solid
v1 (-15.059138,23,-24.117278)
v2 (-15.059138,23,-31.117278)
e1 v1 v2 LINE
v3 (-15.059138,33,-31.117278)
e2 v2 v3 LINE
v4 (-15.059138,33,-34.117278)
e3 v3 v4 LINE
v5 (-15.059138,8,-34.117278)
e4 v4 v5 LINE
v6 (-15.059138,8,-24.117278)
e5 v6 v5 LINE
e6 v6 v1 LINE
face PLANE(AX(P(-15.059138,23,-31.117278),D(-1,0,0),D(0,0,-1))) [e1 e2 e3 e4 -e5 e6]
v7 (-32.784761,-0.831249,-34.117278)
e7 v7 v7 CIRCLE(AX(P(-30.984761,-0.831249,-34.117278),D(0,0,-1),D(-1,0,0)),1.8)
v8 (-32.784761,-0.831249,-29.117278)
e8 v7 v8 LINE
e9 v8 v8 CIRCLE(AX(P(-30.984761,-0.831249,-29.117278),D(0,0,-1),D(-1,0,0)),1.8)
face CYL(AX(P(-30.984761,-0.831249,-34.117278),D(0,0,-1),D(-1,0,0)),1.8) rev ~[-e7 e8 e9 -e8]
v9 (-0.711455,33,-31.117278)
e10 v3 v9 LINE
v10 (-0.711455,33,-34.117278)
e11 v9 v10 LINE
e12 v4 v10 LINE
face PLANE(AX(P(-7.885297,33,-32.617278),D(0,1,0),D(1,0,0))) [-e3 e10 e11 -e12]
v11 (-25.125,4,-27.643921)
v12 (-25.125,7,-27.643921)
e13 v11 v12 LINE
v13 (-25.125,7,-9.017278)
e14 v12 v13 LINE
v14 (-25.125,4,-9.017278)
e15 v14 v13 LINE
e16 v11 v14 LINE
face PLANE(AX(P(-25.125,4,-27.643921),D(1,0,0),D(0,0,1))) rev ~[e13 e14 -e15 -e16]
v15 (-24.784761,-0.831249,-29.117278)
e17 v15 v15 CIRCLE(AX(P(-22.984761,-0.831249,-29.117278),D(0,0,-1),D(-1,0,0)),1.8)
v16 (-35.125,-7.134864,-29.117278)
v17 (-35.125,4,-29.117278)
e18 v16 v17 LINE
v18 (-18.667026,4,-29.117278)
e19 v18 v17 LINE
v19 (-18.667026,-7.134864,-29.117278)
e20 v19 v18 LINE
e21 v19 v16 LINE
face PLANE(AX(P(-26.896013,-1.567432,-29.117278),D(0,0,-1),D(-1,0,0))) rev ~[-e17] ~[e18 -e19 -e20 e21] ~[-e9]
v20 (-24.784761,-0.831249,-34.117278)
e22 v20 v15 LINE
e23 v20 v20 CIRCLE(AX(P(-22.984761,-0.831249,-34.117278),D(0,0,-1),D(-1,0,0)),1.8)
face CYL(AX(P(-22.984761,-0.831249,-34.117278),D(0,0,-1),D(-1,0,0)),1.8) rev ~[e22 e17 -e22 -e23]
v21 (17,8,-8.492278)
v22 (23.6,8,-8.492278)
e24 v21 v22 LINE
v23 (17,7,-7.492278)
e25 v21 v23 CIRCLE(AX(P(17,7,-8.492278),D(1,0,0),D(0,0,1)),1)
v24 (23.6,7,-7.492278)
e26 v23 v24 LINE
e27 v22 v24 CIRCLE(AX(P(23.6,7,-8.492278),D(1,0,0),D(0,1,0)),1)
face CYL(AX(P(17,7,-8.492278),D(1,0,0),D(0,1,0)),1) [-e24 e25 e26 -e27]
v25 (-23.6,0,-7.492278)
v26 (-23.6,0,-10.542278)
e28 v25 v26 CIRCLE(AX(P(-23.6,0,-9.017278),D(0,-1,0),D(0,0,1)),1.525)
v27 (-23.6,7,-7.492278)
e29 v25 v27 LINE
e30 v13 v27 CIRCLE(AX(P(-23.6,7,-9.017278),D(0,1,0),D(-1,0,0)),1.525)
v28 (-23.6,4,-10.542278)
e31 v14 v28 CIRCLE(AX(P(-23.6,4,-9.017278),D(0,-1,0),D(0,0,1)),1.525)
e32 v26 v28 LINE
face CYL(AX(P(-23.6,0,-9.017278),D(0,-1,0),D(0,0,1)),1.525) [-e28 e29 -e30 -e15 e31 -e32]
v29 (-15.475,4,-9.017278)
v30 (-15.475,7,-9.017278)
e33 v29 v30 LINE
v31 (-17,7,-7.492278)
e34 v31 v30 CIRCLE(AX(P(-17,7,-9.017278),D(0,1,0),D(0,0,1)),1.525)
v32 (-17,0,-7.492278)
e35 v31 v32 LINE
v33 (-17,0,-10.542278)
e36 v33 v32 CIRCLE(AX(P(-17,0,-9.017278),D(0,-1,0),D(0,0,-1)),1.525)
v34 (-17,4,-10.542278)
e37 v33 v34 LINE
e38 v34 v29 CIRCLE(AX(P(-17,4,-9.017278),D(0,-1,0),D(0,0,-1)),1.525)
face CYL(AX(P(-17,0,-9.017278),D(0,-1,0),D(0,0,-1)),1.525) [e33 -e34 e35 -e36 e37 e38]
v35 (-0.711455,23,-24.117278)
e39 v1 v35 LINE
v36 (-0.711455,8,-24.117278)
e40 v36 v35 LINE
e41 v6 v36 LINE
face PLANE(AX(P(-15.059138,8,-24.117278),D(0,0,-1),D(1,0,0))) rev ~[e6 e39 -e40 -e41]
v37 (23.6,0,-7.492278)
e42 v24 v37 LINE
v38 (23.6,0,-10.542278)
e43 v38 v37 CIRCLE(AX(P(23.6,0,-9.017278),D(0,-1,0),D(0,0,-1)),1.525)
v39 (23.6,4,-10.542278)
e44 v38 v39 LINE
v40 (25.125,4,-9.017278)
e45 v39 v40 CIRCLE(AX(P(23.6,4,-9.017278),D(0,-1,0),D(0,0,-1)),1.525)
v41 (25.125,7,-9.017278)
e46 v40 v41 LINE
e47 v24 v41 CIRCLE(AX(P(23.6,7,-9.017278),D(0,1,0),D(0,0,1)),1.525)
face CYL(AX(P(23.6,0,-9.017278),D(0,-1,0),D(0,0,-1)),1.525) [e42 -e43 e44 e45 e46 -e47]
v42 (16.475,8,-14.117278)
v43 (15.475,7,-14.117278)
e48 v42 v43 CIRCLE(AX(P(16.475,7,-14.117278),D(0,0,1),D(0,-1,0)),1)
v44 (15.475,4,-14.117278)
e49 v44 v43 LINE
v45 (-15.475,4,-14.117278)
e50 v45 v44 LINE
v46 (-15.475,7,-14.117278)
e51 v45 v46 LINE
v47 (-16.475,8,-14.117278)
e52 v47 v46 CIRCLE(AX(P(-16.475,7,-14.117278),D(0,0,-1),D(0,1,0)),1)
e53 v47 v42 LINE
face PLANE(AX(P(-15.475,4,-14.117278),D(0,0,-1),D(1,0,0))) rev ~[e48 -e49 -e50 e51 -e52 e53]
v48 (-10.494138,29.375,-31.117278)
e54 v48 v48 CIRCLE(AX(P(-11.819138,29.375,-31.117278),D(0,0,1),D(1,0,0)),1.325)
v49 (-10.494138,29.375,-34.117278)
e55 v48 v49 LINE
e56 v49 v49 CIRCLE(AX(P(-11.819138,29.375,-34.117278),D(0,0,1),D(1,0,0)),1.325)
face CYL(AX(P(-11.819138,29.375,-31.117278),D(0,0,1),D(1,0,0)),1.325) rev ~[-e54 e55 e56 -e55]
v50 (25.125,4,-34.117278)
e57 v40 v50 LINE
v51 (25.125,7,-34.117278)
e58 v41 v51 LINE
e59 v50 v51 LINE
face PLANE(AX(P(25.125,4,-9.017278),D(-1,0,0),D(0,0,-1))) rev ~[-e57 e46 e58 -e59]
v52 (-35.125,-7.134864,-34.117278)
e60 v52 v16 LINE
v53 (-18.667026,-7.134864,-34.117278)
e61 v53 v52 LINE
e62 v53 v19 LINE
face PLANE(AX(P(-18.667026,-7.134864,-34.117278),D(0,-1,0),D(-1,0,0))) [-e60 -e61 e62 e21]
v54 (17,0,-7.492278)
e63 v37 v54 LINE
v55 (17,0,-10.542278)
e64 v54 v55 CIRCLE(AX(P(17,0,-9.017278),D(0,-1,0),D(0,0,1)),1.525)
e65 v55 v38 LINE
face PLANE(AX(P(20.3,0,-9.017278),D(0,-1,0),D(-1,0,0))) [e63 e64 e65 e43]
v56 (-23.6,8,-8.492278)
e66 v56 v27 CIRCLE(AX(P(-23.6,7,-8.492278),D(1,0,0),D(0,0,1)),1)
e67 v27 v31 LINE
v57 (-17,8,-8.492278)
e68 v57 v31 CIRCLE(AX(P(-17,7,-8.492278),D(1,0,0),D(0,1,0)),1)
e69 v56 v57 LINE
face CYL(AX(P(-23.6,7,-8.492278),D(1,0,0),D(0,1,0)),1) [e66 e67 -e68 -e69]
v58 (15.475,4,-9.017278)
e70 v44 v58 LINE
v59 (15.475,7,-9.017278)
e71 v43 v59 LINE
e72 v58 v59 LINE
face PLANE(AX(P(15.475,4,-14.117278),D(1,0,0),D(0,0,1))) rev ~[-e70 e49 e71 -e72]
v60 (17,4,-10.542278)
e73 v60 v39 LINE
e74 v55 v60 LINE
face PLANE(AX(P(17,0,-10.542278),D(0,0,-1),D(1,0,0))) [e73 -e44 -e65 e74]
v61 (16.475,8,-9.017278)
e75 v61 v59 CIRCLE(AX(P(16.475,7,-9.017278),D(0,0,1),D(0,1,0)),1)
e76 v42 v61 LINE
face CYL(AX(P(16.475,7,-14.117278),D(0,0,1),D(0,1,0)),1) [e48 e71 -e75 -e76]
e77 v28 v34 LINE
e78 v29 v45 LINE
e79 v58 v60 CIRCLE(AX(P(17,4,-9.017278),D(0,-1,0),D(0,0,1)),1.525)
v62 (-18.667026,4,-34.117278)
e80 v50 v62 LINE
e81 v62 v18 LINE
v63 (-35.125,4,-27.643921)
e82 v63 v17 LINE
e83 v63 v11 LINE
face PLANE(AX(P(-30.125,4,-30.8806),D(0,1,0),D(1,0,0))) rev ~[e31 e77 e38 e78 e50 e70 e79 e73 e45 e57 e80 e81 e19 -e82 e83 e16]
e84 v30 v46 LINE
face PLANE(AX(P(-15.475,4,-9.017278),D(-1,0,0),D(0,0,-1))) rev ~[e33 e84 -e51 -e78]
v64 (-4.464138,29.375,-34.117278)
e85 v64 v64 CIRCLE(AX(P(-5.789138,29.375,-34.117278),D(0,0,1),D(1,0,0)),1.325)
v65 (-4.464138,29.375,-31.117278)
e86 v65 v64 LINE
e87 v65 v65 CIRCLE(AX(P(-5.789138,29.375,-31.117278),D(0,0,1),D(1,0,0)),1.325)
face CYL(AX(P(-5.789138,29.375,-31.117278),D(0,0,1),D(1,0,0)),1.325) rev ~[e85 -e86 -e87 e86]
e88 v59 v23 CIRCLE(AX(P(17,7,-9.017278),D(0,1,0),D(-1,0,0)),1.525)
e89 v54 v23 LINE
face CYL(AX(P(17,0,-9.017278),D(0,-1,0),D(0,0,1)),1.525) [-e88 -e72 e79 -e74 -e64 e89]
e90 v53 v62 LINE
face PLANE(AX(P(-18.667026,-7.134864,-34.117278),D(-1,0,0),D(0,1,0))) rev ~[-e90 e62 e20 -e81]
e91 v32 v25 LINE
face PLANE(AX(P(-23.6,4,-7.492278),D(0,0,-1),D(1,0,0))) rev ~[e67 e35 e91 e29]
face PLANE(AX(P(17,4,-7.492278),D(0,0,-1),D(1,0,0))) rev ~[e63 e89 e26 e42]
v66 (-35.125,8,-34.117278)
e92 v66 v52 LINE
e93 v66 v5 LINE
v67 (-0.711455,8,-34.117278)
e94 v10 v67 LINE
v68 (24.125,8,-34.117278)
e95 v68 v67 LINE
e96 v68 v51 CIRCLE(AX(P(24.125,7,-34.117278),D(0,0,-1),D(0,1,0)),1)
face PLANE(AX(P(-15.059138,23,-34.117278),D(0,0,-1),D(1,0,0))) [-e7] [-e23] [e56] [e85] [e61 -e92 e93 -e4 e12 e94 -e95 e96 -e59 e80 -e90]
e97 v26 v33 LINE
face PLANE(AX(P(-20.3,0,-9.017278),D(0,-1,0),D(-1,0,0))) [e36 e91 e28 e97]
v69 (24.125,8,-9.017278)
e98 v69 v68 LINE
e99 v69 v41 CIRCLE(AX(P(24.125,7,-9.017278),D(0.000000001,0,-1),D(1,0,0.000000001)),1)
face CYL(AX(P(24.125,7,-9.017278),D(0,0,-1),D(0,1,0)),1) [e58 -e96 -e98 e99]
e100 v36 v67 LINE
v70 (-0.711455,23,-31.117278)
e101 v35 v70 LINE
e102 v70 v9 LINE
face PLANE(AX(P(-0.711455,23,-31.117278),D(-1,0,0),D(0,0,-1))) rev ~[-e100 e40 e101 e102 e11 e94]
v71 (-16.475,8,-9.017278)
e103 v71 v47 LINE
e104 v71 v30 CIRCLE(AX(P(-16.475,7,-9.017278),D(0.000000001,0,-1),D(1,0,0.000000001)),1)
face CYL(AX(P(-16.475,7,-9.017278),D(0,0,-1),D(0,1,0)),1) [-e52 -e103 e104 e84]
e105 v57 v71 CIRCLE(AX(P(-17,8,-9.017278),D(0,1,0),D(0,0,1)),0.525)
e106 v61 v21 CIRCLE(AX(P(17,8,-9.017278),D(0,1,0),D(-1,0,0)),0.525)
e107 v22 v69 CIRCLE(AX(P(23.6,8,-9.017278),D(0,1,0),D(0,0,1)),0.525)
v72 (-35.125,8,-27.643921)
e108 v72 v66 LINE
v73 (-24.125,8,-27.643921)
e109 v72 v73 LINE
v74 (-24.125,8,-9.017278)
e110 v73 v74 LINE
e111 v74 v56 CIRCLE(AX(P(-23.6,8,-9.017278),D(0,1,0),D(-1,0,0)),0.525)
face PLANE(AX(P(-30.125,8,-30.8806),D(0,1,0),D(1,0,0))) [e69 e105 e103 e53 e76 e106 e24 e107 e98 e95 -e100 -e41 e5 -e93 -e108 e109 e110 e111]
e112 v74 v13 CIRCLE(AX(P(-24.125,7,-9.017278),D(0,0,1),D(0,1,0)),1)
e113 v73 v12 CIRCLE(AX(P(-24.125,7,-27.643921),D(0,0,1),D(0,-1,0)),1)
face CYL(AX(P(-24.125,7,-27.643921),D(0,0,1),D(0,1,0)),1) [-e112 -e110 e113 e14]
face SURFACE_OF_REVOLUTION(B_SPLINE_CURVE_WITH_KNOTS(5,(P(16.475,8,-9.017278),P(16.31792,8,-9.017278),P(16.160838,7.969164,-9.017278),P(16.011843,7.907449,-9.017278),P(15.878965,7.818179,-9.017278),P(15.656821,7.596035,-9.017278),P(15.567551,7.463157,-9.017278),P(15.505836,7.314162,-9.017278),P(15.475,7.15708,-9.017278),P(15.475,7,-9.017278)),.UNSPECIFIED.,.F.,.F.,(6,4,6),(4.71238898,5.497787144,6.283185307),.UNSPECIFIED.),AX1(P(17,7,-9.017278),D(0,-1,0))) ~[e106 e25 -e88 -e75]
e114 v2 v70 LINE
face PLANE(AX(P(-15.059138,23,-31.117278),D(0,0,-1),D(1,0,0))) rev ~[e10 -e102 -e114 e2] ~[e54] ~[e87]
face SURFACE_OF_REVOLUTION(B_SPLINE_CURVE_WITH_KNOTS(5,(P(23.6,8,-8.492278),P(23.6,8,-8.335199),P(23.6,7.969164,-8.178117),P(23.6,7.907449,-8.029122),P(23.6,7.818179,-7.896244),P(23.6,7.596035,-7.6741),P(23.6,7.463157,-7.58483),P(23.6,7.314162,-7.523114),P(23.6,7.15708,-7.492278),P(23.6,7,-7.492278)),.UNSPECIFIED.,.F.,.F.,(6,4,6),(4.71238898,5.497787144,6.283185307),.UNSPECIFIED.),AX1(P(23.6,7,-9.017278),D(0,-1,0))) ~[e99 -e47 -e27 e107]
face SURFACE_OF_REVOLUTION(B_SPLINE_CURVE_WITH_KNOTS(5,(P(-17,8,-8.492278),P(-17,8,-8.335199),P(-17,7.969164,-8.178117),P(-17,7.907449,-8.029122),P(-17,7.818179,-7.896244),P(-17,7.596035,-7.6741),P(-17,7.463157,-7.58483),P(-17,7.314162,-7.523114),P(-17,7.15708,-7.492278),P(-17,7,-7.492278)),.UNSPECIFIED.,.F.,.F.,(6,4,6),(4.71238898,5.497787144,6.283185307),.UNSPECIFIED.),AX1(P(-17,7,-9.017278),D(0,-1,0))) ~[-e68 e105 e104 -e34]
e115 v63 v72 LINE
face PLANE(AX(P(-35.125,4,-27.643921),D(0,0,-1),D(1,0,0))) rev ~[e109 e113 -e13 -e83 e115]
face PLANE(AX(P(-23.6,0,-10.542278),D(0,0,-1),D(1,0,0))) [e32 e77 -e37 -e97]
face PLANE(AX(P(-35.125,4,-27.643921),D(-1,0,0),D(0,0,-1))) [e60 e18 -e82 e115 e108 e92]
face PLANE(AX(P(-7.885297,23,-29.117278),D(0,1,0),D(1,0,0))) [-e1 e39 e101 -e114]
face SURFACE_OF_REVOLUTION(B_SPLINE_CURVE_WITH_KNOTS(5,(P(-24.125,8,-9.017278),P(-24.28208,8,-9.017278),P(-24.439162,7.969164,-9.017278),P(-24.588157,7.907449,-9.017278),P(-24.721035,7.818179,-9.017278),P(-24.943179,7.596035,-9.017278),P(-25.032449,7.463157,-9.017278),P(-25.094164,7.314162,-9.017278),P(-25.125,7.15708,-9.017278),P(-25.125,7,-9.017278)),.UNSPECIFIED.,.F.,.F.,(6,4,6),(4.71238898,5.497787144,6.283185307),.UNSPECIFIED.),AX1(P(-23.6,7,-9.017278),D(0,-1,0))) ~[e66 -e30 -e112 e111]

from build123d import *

# Parameters (mm, degrees)
BOSS_EXTRUDE1_DEPTH   = 4
BOSS_EXTRUDE1_2_DEPTH = 4
SKETCH3_W             = 10
SKETCH3_H             = 6.473357475
SKETCH3_W_2           = 50.25
BOSS_EXTRUDE3_DEPTH   = 4
FILLET2_R             = 1
SKETCH4_W             = 14.347682942
SKETCH4_H             = 10
BOSS_EXTRUDE4_DEPTH   = 15
SKETCH6_W             = 14.347682942
SKETCH6_H             = 3
BOSS_EXTRUDE6_DEPTH   = 10
CUT_EXTRUDE1_REACH    = 55.674
SKETCH7_R             = 1.325
SKETCH8_W             = 16.45797352
SKETCH8_H             = 4
SKETCH8_H_2           = 11.134864375
SKETCH8_R             = 1.8
BOSS_EXTRUDE7_DEPTH   = 5


with BuildPart() as part:
    # Sketch1 → Boss-Extrude1 (new body)
    with BuildSketch(Plane(origin=(0, 0, 0), x_dir=(1, 0, 0), z_dir=(0, 1, 0))):
        with BuildLine():
            Line((-23.6, 10.542278437), (-17, 10.542278437))
            ThreePointArc((-17, 10.542278437), (-15.475, 9.017278437), (-17, 7.492278437))
            Line((-17, 7.492278437), (-23.6, 7.492278437))
            ThreePointArc((-23.6, 7.492278437), (-25.125, 9.017278437), (-23.6, 10.542278437))
        make_face()
    extrude(amount=BOSS_EXTRUDE1_DEPTH)



with BuildPart() as body_2:
    # Sketch1 → Boss-Extrude1 2 (new body)
    with BuildSketch(Plane(origin=(0, 0, 0), x_dir=(1, 0, 0), z_dir=(0, 1, 0))):
        with BuildLine():
            Line((23.6, 7.492278437), (17, 7.492278437))
            ThreePointArc((17, 7.492278437), (15.475, 9.017278437), (17, 10.542278437))
            Line((17, 10.542278437), (23.6, 10.542278437))
            ThreePointArc((23.6, 10.542278437), (25.125, 9.017278437), (23.6, 7.492278437))
        make_face()
    extrude(amount=BOSS_EXTRUDE1_2_DEPTH)


with BuildPart() as part_1:
    add(part.part)

    add(body_2.part)  # Boss-Extrude3 merges body 2
    # Sketch3 → Boss-Extrude3 (add)
    with BuildSketch(Plane(origin=(0, 4, 0), x_dir=(1, 0, 0), z_dir=(0, 1, 0))):
        with Locations((-30.125, 30.8805997)):
            Rectangle(SKETCH3_W, SKETCH3_H)
        with Locations((0, 30.8805997)):
            Rectangle(SKETCH3_W_2, SKETCH3_H)
        with BuildLine():
            Line((25.125, 27.643920962), (-25.125, 27.643920962))
            Line((-25.125, 27.643920962), (-25.125, 18.723444743))
            Line((-25.125, 18.723444743), (-25.125, 9.017278437))
            ThreePointArc((-25.125, 9.017278437), (-24.678337841, 7.938940596), (-23.6, 7.492278437))
            Line((-23.6, 7.492278437), (-17, 7.492278437))
            ThreePointArc((-17, 7.492278437), (-15.921662159, 7.938940596), (-15.475, 9.017278437))
            Line((-15.475, 9.017278437), (-15.475, 14.117278437))
            Line((-15.475, 14.117278437), (15.475, 14.117278437))
            Line((15.475, 14.117278437), (15.475, 9.017278437))
            ThreePointArc((15.475, 9.017278437), (15.921662159, 7.938940596), (17, 7.492278437))
            Line((17, 7.492278437), (23.6, 7.492278437))
            ThreePointArc((23.6, 7.492278437), (24.678337841, 7.938940596), (25.125, 9.017278437))
            Line((25.125, 9.017278437), (25.125, 18.723444743))
            Line((25.125, 18.723444743), (25.125, 27.643920962))
        make_face()
    extrude(amount=BOSS_EXTRUDE3_DEPTH)

    # Fillet2
    fillet2_edges = [part_1.edges().sort_by_distance(p)[0] for p in [
        (-25.125, 8, -18.3305997),
        (15.475, 8, -11.567278437),
        (-24.678337841, 8, -7.938940596),
        (-20.3, 8, -7.492278437),
        (-15.921662159, 8, -7.938940596),
        (-15.475, 8, -11.567278437),
        (15.921662159, 8, -7.938940596),
        (20.3, 8, -7.492278437),
        (24.678337841, 8, -7.938940596),
        (25.125, 8, -21.567278437),
    ]]
    fillet(fillet2_edges, radius=FILLET2_R)

    # Sketch4 → Boss-Extrude4 (add)
    with BuildSketch(Plane(origin=(0, 8, 0), x_dir=(1, 0, 0), z_dir=(0, 1, 0))):
        with Locations((-7.885296824, 29.117278437)):
            Rectangle(SKETCH4_W, SKETCH4_H)
    extrude(amount=BOSS_EXTRUDE4_DEPTH)

    # Sketch6 → Boss-Extrude6 (add)
    with BuildSketch(Plane(origin=(0, 23, 0), x_dir=(1, 0, 0), z_dir=(0, 1, 0))):
        with Locations((-7.885296824, 32.617278437)):
            Rectangle(SKETCH6_W, SKETCH6_H)
    extrude(amount=BOSS_EXTRUDE6_DEPTH)

    # Sketch7 → Cut-Extrude1 (cut, up to next)
    with BuildSketch(Plane.XY.offset(-31.117278437), mode=Mode.PRIVATE) as cut_extrude1_sk1:
        with Locations((-11.819138295, 29.375)):
            Circle(SKETCH7_R)
    cut_extrude1_tool1 = extrude(cut_extrude1_sk1.sketch, amount=-CUT_EXTRUDE1_REACH, mode=Mode.PRIVATE) & part_1.part
    # Sketch7 → Cut-Extrude1 (cut, up to next)
    with BuildSketch(Plane.XY.offset(-31.117278437), mode=Mode.PRIVATE) as cut_extrude1_sk2:
        with Locations((-5.789138295, 29.375)):
            Circle(SKETCH7_R)
    cut_extrude1_tool2 = extrude(cut_extrude1_sk2.sketch, amount=-CUT_EXTRUDE1_REACH, mode=Mode.PRIVATE) & part_1.part
    add(cut_extrude1_tool1.solids().sort_by_distance((-11.819138, 29.375, -31.117278))[0], mode=Mode.SUBTRACT)
    add(cut_extrude1_tool2.solids().sort_by_distance((-5.789138, 29.375, -31.117278))[0], mode=Mode.SUBTRACT)

    # Sketch8 → Boss-Extrude7 (add)
    # profile 1 of 2: a face of its own
    with BuildSketch(Plane(origin=(0, 0, -34.117278437), x_dir=(-1, 0, 0), z_dir=(0, 0, -1))):
        with Locations((26.89601324, 6)):
            Rectangle(SKETCH8_W, SKETCH8_H)
    # profile 2 of 2: a face of its own
    with BuildSketch(Plane(origin=(0, 0, -34.117278437), x_dir=(-1, 0, 0), z_dir=(0, 0, -1))):
        with Locations((26.89601324, -1.567432188)):
            Rectangle(SKETCH8_W, SKETCH8_H_2)
        with Locations((22.984760942, -0.83124894)):
            Circle(SKETCH8_R, mode=Mode.SUBTRACT)
        with Locations((30.984760942, -0.83124894)):
            Circle(SKETCH8_R, mode=Mode.SUBTRACT)
    extrude(amount=-BOSS_EXTRUDE7_DEPTH)


solid = part_1.part
